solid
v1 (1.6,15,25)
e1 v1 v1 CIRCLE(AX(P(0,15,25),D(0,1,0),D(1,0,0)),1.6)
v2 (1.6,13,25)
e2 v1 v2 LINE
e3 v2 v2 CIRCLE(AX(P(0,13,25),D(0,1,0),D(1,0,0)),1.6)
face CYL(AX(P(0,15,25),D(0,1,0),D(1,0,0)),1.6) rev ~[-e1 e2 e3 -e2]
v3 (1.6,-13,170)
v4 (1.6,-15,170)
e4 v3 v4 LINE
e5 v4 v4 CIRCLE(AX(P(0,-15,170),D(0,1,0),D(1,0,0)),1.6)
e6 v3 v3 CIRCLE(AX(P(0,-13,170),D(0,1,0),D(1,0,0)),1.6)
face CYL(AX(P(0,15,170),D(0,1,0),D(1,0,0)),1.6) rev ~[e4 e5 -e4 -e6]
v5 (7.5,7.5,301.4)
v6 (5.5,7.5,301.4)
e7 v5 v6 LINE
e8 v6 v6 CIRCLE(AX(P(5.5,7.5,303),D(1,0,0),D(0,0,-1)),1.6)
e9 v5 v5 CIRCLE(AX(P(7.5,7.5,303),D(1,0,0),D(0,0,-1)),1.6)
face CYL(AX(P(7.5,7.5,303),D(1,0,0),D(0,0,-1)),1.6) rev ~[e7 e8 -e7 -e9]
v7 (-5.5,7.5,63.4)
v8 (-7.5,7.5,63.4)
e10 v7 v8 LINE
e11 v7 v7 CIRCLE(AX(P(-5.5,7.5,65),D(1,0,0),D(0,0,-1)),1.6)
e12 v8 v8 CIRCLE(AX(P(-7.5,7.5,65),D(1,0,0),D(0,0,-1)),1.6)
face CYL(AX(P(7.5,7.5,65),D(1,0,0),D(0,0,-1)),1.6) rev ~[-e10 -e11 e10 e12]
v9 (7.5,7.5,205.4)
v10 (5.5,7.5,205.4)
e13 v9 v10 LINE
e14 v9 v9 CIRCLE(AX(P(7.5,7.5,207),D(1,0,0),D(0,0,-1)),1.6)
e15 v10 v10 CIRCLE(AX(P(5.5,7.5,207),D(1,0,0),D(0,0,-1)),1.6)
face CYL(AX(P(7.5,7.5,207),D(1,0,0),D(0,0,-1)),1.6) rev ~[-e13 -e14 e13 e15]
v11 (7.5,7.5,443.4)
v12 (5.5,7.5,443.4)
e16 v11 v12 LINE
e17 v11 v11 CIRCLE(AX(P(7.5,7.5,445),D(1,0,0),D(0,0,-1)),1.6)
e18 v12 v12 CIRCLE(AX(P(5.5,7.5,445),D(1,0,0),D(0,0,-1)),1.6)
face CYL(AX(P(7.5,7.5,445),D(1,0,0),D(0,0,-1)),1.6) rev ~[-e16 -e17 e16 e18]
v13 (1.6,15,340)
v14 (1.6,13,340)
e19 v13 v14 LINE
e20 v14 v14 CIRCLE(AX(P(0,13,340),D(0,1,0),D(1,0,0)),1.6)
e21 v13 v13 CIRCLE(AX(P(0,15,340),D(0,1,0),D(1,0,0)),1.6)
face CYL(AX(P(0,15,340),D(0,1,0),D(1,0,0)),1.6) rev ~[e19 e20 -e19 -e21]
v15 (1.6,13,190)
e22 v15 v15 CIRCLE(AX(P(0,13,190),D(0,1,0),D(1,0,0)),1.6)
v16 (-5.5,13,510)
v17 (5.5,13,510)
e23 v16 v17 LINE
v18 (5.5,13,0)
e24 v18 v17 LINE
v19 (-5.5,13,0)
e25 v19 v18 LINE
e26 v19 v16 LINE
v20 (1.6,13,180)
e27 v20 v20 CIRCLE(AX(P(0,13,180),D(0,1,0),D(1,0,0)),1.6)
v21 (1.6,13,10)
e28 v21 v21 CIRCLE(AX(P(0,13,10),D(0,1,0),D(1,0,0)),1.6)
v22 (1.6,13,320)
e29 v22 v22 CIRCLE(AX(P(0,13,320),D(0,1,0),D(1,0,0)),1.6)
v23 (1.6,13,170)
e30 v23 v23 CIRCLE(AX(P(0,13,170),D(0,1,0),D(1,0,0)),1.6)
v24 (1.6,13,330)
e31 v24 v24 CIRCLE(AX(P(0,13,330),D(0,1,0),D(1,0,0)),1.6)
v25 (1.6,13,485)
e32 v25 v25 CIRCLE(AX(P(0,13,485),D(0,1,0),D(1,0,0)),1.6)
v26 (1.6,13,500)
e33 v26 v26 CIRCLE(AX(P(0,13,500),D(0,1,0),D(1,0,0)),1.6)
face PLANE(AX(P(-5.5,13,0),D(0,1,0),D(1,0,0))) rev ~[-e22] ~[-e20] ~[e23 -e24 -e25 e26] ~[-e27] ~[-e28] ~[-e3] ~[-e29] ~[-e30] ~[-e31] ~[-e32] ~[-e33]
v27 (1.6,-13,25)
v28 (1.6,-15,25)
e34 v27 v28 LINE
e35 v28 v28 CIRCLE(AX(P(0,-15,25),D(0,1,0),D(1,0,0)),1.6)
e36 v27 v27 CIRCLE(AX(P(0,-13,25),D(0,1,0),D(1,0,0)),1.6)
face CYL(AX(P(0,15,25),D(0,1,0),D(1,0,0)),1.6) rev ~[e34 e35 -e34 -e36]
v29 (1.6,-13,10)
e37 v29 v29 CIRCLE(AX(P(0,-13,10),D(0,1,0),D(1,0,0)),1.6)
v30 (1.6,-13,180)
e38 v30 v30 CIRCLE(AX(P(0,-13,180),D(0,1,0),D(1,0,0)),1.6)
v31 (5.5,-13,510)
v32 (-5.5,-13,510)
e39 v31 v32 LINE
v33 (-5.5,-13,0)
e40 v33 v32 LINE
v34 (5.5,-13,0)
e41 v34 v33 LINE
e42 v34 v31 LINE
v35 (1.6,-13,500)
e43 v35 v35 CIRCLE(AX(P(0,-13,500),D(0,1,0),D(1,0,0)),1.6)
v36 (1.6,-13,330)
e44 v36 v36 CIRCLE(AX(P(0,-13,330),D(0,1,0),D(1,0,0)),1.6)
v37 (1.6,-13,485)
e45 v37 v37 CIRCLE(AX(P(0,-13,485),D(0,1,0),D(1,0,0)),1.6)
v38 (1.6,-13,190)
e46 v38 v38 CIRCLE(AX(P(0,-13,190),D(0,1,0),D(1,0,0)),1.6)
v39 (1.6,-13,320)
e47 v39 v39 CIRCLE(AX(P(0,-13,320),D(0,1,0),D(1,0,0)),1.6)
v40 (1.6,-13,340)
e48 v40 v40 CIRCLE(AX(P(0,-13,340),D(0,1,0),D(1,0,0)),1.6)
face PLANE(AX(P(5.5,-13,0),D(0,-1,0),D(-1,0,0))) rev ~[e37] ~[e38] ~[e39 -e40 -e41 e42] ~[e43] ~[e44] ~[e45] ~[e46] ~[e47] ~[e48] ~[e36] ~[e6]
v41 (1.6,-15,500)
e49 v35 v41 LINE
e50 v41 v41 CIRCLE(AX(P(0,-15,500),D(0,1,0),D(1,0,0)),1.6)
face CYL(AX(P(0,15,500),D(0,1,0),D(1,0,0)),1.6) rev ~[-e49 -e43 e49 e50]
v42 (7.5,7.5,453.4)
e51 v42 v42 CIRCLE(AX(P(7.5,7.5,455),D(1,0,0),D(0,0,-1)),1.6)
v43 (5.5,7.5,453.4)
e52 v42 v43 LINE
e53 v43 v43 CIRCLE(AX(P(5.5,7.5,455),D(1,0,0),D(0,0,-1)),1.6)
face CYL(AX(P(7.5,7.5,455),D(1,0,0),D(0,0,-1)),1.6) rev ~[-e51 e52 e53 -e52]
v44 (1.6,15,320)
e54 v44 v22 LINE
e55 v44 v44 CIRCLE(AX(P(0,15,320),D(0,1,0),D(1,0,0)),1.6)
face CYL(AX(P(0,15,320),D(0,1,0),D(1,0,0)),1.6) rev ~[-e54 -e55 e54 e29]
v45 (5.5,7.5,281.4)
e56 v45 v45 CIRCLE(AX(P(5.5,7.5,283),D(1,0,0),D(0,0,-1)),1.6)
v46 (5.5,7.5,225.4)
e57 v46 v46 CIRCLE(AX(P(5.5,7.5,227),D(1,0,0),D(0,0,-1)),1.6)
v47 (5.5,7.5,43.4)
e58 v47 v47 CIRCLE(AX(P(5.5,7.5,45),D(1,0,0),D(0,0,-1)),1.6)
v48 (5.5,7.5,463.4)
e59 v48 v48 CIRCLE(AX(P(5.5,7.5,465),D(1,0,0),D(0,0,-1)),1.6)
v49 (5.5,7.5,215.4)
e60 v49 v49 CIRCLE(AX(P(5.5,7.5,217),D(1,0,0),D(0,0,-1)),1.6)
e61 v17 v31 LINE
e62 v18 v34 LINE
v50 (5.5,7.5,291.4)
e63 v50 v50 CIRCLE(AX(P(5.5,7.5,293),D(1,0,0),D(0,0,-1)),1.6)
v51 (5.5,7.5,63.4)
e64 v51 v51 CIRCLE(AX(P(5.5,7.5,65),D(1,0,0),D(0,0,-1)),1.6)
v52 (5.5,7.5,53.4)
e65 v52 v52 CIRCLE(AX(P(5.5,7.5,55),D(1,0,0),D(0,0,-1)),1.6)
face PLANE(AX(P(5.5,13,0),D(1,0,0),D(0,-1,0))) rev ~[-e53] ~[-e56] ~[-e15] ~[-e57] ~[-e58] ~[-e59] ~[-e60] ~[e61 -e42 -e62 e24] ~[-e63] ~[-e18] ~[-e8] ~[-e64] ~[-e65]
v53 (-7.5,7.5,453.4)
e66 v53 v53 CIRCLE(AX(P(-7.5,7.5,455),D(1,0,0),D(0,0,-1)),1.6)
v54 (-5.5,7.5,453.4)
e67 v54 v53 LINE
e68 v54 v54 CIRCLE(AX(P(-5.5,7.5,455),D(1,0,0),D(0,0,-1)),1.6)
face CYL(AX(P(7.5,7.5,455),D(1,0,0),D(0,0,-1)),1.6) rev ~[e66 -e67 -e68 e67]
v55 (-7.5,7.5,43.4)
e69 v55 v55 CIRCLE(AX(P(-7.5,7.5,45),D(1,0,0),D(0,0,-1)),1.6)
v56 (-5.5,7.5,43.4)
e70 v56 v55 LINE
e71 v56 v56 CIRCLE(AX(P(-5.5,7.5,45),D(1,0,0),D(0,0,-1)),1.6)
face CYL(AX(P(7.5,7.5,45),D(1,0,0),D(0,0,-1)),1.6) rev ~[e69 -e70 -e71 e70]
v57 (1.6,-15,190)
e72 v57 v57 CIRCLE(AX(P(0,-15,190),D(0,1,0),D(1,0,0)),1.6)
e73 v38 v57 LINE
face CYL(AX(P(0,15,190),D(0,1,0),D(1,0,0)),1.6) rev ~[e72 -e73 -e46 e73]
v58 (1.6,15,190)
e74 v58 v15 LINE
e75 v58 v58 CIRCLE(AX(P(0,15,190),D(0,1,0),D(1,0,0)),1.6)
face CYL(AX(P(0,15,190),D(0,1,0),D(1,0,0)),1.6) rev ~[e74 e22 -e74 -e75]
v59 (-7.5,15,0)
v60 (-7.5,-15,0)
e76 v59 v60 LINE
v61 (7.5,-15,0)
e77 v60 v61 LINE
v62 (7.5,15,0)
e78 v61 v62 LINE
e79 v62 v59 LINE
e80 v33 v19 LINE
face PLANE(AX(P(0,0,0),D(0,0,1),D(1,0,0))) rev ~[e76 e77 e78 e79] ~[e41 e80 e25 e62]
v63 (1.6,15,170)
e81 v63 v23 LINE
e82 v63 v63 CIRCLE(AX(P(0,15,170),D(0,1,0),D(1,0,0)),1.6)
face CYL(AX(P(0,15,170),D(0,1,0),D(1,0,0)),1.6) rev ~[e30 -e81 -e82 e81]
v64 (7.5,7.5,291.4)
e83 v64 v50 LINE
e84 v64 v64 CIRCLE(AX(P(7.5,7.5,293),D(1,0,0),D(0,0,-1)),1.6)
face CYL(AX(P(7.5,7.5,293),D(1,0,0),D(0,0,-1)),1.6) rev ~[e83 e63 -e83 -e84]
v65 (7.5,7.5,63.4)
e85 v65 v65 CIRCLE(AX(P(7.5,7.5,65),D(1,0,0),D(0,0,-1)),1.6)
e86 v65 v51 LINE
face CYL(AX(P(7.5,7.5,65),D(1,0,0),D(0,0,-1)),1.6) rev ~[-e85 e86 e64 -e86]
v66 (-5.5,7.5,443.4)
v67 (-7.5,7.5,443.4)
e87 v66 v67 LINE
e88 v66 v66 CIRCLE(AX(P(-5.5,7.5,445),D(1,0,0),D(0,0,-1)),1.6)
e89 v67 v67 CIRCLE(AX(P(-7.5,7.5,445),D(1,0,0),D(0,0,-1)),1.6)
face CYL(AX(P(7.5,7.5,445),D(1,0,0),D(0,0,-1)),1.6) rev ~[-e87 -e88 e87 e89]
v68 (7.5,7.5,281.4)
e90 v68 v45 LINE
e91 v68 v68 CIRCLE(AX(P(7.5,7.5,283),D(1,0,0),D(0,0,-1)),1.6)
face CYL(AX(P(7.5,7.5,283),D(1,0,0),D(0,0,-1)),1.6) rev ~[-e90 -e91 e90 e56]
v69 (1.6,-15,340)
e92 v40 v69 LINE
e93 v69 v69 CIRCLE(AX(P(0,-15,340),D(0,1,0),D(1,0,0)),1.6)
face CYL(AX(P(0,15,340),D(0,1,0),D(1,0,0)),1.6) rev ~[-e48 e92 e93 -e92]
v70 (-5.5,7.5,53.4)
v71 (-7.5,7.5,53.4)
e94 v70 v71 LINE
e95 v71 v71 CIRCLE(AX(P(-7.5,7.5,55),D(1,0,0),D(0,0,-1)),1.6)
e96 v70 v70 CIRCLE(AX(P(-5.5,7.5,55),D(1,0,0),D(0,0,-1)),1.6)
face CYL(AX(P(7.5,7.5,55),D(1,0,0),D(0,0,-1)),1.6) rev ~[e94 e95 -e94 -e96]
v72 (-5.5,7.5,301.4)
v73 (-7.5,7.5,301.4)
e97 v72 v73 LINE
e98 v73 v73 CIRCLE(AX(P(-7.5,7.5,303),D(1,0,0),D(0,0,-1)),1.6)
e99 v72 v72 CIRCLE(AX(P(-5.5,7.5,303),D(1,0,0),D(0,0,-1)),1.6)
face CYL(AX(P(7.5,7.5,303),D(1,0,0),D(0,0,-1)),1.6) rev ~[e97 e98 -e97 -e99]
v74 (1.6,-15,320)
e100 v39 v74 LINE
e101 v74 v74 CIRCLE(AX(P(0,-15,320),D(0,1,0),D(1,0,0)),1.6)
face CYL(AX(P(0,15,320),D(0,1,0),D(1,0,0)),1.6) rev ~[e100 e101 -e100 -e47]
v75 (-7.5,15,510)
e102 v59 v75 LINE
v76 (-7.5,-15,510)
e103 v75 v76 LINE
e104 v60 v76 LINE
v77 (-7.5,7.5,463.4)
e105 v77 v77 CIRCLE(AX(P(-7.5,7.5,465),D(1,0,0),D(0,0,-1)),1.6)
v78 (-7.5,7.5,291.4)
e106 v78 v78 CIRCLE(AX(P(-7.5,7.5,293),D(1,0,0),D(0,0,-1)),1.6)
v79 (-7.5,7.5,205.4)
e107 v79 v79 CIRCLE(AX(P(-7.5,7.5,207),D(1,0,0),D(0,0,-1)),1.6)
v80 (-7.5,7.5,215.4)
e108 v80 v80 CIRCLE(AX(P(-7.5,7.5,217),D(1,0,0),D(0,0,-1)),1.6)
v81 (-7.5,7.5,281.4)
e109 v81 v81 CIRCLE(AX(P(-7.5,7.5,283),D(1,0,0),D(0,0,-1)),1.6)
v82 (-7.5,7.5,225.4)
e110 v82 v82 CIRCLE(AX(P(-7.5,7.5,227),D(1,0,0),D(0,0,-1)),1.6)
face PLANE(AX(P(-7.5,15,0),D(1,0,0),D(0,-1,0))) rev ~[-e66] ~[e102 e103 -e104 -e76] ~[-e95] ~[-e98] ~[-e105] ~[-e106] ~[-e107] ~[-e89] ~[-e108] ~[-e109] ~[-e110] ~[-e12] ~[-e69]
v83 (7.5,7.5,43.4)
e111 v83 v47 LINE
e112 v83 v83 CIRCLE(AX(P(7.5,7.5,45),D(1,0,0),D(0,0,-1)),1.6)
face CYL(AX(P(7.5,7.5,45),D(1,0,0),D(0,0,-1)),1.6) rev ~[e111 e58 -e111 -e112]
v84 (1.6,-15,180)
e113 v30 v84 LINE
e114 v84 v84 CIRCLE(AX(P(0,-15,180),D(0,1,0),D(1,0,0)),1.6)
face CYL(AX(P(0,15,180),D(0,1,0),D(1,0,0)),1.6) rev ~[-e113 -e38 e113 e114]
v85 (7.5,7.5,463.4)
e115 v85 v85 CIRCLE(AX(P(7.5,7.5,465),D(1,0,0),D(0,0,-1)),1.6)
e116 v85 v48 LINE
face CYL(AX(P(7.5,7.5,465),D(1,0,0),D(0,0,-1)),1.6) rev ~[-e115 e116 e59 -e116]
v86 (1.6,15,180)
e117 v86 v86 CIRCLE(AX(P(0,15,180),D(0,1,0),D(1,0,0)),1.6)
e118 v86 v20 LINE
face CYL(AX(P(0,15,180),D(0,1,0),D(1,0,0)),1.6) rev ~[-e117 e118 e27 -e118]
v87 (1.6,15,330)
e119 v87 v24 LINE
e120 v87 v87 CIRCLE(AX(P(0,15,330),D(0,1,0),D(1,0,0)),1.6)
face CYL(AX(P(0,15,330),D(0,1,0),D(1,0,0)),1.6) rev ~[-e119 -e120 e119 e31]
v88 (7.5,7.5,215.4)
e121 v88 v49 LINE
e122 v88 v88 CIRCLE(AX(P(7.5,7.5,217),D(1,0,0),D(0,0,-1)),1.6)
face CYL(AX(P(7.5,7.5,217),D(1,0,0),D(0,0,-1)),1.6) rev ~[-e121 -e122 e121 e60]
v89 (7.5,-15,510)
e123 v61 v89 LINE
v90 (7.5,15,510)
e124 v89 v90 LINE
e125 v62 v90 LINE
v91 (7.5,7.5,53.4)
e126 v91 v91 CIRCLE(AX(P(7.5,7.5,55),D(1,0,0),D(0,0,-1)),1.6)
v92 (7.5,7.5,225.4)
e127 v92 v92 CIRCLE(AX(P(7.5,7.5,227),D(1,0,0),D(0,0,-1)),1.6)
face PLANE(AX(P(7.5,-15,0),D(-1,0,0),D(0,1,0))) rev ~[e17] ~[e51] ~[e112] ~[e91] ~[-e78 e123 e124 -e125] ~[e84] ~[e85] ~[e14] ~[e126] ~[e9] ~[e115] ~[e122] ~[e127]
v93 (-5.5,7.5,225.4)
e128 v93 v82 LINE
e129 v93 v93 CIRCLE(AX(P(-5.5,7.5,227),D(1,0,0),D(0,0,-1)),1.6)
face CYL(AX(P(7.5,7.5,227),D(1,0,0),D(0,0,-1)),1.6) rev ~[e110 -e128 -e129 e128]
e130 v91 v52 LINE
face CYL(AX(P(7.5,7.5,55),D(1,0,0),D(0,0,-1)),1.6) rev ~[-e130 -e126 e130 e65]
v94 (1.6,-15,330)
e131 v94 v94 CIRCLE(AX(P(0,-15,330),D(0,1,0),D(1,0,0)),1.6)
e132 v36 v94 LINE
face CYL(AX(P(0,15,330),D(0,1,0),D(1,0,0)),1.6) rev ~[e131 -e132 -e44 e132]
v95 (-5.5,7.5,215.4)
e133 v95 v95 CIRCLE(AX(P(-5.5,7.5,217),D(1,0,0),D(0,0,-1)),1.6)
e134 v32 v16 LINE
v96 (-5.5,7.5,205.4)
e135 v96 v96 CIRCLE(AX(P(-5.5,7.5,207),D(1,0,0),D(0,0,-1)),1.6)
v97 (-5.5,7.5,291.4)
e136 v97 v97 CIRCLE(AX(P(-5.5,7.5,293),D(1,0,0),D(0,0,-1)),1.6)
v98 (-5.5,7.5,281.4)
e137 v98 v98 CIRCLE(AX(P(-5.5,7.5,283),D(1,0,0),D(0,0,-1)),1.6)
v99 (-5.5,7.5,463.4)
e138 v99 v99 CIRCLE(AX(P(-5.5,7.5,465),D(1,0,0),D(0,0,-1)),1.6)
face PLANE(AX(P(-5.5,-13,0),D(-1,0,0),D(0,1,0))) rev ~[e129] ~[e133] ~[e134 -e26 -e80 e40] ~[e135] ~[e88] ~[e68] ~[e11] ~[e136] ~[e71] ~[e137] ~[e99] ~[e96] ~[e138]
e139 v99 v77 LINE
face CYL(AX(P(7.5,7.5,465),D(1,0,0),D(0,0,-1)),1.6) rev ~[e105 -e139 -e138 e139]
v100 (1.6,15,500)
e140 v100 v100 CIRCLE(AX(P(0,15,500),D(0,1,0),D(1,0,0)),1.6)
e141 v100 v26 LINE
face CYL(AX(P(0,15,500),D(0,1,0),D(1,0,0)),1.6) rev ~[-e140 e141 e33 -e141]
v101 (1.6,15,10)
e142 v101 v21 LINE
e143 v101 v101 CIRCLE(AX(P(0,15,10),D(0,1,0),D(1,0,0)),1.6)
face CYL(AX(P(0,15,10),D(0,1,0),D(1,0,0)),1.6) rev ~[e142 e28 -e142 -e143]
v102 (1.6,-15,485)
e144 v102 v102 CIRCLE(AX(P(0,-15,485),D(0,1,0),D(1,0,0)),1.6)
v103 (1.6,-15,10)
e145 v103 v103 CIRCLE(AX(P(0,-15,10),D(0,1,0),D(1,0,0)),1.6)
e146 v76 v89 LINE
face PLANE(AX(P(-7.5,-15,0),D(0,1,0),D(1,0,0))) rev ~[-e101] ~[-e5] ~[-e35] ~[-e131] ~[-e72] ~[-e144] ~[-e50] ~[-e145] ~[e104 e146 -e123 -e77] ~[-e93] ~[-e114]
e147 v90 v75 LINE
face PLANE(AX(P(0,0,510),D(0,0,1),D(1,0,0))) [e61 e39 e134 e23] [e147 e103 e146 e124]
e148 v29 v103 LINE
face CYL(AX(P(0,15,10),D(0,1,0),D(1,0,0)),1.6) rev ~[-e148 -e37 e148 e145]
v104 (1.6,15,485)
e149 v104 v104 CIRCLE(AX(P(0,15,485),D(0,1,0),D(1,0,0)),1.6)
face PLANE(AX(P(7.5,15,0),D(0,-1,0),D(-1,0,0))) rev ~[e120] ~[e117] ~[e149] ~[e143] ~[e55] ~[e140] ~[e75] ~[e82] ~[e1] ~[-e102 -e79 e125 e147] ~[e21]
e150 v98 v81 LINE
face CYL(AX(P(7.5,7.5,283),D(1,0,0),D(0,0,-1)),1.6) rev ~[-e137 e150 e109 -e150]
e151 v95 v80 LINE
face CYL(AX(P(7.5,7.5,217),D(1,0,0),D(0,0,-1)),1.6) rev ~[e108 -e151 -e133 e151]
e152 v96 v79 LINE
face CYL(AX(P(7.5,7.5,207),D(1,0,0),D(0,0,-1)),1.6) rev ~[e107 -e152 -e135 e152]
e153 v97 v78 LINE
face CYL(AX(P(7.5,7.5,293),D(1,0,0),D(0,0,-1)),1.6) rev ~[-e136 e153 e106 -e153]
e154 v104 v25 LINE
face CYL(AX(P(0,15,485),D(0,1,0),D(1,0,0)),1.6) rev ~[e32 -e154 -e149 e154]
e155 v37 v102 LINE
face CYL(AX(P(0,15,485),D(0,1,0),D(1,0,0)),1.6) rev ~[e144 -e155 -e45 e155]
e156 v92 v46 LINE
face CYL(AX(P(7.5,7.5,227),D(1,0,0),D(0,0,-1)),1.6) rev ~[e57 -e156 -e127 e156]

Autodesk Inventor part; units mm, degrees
ref_plane "YZ Plane" through (0, 0, 0) normal (1, 0, 0) x (0, 1, 0)
ref_plane "XZ Plane" through (0, 0, 0) normal (0, 1, 0) x (-1, 0, 0)
ref_plane "XY Plane" through (0, 0, 0) normal (0, 0, 1) x (1, 0, 0)
sketch "スケッチ1" plane through (0, 0, 0) normal (0, 0, 1) x (1, 0, 0)
  line L0 (7.5, 15) -> (-7.5, 15)
  line L1 (-7.5, 15) -> (-7.5, -15)
  line L2 (-7.5, -15) -> (7.5, -15)
  line L3 (7.5, -15) -> (7.5, 15)
  line L4 (7.5, 15) -> (-7.5, -15) construction
  line L5 (-7.5, 15) -> (7.5, -15) construction
  line L6 (-5.5, 13) -> (5.5, 13)
  line L7 (5.5, 13) -> (5.5, -13)
  line L8 (5.5, -13) -> (-5.5, -13)
  line L9 (-5.5, -13) -> (-5.5, 13)
  point P0 (0, 0)
  dimension "d0" = 15
  dimension "d1" = 30
  dimension "d2" = 2
extrude "押し出し1" add sketch "スケッチ1" along normal blind 510
sketch "スケッチ2" plane through (-7.5, 15, 0) normal (0, 1, 0) x (1, 0, 0)
  circle A0 centre (7.5, -10) radius 1.6
  circle A1 centre (7.5, -25) radius 1.6
  line L0 (15, 0) -> (0, 0) projected
  circle A2 centre (7.5, -500) radius 1.6
  circle A3 centre (7.5, -485) radius 1.6
  line L1 (15, -510) -> (0, -510) projected
  circle A4 centre (7.5, -170) radius 1.6
  circle A5 centre (7.5, -180) radius 1.6
  circle A6 centre (7.5, -190) radius 1.6
  circle A7 centre (7.5, -320) radius 1.6
  circle A8 centre (7.5, -330) radius 1.6
  circle A9 centre (7.5, -340) radius 1.6
  point P0 (7.5, 0)
  point P1 (7.5, 0)
  point P2 (7.5, -510)
  dimension "d5" = 3.2
  dimension "d6" = 3.2
  dimension "d7" = 10
  dimension "d8" = 15
  dimension "d9" = 3.2
  dimension "d10" = 3.2
  dimension "d11" = 10
  dimension "d12" = 15
  dimension "d15" = 3.2
  dimension "d16" = 3.2
  dimension "d17" = 3.2
  dimension "d18" = 10
  dimension "d19" = 10
  dimension "d20" = 180
  dimension "d21" = 3.2
  dimension "d22" = 3.2
  dimension "d23" = 3.2
  dimension "d24" = 10
  dimension "d25" = 10
  dimension "d26" = 180
extrude "押し出し2" cut sketch "スケッチ2" against normal through all
sketch "スケッチ3" plane through (7.5, -15, 0) normal (1, 0, 0) x (0, 0, -1)
  circle A0 centre (-293, 22.5) radius 1.6
  circle A1 centre (-283, 22.5) radius 1.6
  circle A2 centre (-303, 22.5) radius 1.6
  circle A3 centre (-217, 22.5) radius 1.6
  circle A4 centre (-207, 22.5) radius 1.6
  circle A5 centre (-227, 22.5) radius 1.6
  line L0 (-510, 0) -> (-510, 30) projected
  line L1 (0, 30) -> (-510, 30) projected
  circle A6 centre (-465, 22.5) radius 1.6
  circle A7 centre (-455, 22.5) radius 1.6
  circle A8 centre (-445, 22.5) radius 1.6
  circle A9 centre (-65, 22.5) radius 1.6
  circle A10 centre (-55, 22.5) radius 1.6
  circle A11 centre (-45, 22.5) radius 1.6
  point P0 (0, 15)
  dimension "d27" = 3.2
  dimension "d28" = 3.2
  dimension "d29" = 3.2
  dimension "d30" = 10
  dimension "d31" = 10
  dimension "d32" = 3.2
  dimension "d33" = 3.2
  dimension "d34" = 3.2
  dimension "d35" = 10
  dimension "d36" = 10
  dimension "d37" = 207
  dimension "d38" = 207
  dimension "d39" = 7.5
  dimension "d40" = 7.5
  dimension "d43" = 3.2
  dimension "d44" = 3.2
  dimension "d45" = 3.2
  dimension "d46" = 10
  dimension "d47" = 10
  dimension "d48" = 45
  dimension "d49" = 3.2
  dimension "d50" = 3.2
  dimension "d51" = 3.2
  dimension "d52" = 10
  dimension "d53" = 10
  dimension "d54" = 45
extrude "押し出し3" cut sketch "スケッチ3" against normal through all
properties part number "オムニ_角柱4" material "アルミニウム 6061"
